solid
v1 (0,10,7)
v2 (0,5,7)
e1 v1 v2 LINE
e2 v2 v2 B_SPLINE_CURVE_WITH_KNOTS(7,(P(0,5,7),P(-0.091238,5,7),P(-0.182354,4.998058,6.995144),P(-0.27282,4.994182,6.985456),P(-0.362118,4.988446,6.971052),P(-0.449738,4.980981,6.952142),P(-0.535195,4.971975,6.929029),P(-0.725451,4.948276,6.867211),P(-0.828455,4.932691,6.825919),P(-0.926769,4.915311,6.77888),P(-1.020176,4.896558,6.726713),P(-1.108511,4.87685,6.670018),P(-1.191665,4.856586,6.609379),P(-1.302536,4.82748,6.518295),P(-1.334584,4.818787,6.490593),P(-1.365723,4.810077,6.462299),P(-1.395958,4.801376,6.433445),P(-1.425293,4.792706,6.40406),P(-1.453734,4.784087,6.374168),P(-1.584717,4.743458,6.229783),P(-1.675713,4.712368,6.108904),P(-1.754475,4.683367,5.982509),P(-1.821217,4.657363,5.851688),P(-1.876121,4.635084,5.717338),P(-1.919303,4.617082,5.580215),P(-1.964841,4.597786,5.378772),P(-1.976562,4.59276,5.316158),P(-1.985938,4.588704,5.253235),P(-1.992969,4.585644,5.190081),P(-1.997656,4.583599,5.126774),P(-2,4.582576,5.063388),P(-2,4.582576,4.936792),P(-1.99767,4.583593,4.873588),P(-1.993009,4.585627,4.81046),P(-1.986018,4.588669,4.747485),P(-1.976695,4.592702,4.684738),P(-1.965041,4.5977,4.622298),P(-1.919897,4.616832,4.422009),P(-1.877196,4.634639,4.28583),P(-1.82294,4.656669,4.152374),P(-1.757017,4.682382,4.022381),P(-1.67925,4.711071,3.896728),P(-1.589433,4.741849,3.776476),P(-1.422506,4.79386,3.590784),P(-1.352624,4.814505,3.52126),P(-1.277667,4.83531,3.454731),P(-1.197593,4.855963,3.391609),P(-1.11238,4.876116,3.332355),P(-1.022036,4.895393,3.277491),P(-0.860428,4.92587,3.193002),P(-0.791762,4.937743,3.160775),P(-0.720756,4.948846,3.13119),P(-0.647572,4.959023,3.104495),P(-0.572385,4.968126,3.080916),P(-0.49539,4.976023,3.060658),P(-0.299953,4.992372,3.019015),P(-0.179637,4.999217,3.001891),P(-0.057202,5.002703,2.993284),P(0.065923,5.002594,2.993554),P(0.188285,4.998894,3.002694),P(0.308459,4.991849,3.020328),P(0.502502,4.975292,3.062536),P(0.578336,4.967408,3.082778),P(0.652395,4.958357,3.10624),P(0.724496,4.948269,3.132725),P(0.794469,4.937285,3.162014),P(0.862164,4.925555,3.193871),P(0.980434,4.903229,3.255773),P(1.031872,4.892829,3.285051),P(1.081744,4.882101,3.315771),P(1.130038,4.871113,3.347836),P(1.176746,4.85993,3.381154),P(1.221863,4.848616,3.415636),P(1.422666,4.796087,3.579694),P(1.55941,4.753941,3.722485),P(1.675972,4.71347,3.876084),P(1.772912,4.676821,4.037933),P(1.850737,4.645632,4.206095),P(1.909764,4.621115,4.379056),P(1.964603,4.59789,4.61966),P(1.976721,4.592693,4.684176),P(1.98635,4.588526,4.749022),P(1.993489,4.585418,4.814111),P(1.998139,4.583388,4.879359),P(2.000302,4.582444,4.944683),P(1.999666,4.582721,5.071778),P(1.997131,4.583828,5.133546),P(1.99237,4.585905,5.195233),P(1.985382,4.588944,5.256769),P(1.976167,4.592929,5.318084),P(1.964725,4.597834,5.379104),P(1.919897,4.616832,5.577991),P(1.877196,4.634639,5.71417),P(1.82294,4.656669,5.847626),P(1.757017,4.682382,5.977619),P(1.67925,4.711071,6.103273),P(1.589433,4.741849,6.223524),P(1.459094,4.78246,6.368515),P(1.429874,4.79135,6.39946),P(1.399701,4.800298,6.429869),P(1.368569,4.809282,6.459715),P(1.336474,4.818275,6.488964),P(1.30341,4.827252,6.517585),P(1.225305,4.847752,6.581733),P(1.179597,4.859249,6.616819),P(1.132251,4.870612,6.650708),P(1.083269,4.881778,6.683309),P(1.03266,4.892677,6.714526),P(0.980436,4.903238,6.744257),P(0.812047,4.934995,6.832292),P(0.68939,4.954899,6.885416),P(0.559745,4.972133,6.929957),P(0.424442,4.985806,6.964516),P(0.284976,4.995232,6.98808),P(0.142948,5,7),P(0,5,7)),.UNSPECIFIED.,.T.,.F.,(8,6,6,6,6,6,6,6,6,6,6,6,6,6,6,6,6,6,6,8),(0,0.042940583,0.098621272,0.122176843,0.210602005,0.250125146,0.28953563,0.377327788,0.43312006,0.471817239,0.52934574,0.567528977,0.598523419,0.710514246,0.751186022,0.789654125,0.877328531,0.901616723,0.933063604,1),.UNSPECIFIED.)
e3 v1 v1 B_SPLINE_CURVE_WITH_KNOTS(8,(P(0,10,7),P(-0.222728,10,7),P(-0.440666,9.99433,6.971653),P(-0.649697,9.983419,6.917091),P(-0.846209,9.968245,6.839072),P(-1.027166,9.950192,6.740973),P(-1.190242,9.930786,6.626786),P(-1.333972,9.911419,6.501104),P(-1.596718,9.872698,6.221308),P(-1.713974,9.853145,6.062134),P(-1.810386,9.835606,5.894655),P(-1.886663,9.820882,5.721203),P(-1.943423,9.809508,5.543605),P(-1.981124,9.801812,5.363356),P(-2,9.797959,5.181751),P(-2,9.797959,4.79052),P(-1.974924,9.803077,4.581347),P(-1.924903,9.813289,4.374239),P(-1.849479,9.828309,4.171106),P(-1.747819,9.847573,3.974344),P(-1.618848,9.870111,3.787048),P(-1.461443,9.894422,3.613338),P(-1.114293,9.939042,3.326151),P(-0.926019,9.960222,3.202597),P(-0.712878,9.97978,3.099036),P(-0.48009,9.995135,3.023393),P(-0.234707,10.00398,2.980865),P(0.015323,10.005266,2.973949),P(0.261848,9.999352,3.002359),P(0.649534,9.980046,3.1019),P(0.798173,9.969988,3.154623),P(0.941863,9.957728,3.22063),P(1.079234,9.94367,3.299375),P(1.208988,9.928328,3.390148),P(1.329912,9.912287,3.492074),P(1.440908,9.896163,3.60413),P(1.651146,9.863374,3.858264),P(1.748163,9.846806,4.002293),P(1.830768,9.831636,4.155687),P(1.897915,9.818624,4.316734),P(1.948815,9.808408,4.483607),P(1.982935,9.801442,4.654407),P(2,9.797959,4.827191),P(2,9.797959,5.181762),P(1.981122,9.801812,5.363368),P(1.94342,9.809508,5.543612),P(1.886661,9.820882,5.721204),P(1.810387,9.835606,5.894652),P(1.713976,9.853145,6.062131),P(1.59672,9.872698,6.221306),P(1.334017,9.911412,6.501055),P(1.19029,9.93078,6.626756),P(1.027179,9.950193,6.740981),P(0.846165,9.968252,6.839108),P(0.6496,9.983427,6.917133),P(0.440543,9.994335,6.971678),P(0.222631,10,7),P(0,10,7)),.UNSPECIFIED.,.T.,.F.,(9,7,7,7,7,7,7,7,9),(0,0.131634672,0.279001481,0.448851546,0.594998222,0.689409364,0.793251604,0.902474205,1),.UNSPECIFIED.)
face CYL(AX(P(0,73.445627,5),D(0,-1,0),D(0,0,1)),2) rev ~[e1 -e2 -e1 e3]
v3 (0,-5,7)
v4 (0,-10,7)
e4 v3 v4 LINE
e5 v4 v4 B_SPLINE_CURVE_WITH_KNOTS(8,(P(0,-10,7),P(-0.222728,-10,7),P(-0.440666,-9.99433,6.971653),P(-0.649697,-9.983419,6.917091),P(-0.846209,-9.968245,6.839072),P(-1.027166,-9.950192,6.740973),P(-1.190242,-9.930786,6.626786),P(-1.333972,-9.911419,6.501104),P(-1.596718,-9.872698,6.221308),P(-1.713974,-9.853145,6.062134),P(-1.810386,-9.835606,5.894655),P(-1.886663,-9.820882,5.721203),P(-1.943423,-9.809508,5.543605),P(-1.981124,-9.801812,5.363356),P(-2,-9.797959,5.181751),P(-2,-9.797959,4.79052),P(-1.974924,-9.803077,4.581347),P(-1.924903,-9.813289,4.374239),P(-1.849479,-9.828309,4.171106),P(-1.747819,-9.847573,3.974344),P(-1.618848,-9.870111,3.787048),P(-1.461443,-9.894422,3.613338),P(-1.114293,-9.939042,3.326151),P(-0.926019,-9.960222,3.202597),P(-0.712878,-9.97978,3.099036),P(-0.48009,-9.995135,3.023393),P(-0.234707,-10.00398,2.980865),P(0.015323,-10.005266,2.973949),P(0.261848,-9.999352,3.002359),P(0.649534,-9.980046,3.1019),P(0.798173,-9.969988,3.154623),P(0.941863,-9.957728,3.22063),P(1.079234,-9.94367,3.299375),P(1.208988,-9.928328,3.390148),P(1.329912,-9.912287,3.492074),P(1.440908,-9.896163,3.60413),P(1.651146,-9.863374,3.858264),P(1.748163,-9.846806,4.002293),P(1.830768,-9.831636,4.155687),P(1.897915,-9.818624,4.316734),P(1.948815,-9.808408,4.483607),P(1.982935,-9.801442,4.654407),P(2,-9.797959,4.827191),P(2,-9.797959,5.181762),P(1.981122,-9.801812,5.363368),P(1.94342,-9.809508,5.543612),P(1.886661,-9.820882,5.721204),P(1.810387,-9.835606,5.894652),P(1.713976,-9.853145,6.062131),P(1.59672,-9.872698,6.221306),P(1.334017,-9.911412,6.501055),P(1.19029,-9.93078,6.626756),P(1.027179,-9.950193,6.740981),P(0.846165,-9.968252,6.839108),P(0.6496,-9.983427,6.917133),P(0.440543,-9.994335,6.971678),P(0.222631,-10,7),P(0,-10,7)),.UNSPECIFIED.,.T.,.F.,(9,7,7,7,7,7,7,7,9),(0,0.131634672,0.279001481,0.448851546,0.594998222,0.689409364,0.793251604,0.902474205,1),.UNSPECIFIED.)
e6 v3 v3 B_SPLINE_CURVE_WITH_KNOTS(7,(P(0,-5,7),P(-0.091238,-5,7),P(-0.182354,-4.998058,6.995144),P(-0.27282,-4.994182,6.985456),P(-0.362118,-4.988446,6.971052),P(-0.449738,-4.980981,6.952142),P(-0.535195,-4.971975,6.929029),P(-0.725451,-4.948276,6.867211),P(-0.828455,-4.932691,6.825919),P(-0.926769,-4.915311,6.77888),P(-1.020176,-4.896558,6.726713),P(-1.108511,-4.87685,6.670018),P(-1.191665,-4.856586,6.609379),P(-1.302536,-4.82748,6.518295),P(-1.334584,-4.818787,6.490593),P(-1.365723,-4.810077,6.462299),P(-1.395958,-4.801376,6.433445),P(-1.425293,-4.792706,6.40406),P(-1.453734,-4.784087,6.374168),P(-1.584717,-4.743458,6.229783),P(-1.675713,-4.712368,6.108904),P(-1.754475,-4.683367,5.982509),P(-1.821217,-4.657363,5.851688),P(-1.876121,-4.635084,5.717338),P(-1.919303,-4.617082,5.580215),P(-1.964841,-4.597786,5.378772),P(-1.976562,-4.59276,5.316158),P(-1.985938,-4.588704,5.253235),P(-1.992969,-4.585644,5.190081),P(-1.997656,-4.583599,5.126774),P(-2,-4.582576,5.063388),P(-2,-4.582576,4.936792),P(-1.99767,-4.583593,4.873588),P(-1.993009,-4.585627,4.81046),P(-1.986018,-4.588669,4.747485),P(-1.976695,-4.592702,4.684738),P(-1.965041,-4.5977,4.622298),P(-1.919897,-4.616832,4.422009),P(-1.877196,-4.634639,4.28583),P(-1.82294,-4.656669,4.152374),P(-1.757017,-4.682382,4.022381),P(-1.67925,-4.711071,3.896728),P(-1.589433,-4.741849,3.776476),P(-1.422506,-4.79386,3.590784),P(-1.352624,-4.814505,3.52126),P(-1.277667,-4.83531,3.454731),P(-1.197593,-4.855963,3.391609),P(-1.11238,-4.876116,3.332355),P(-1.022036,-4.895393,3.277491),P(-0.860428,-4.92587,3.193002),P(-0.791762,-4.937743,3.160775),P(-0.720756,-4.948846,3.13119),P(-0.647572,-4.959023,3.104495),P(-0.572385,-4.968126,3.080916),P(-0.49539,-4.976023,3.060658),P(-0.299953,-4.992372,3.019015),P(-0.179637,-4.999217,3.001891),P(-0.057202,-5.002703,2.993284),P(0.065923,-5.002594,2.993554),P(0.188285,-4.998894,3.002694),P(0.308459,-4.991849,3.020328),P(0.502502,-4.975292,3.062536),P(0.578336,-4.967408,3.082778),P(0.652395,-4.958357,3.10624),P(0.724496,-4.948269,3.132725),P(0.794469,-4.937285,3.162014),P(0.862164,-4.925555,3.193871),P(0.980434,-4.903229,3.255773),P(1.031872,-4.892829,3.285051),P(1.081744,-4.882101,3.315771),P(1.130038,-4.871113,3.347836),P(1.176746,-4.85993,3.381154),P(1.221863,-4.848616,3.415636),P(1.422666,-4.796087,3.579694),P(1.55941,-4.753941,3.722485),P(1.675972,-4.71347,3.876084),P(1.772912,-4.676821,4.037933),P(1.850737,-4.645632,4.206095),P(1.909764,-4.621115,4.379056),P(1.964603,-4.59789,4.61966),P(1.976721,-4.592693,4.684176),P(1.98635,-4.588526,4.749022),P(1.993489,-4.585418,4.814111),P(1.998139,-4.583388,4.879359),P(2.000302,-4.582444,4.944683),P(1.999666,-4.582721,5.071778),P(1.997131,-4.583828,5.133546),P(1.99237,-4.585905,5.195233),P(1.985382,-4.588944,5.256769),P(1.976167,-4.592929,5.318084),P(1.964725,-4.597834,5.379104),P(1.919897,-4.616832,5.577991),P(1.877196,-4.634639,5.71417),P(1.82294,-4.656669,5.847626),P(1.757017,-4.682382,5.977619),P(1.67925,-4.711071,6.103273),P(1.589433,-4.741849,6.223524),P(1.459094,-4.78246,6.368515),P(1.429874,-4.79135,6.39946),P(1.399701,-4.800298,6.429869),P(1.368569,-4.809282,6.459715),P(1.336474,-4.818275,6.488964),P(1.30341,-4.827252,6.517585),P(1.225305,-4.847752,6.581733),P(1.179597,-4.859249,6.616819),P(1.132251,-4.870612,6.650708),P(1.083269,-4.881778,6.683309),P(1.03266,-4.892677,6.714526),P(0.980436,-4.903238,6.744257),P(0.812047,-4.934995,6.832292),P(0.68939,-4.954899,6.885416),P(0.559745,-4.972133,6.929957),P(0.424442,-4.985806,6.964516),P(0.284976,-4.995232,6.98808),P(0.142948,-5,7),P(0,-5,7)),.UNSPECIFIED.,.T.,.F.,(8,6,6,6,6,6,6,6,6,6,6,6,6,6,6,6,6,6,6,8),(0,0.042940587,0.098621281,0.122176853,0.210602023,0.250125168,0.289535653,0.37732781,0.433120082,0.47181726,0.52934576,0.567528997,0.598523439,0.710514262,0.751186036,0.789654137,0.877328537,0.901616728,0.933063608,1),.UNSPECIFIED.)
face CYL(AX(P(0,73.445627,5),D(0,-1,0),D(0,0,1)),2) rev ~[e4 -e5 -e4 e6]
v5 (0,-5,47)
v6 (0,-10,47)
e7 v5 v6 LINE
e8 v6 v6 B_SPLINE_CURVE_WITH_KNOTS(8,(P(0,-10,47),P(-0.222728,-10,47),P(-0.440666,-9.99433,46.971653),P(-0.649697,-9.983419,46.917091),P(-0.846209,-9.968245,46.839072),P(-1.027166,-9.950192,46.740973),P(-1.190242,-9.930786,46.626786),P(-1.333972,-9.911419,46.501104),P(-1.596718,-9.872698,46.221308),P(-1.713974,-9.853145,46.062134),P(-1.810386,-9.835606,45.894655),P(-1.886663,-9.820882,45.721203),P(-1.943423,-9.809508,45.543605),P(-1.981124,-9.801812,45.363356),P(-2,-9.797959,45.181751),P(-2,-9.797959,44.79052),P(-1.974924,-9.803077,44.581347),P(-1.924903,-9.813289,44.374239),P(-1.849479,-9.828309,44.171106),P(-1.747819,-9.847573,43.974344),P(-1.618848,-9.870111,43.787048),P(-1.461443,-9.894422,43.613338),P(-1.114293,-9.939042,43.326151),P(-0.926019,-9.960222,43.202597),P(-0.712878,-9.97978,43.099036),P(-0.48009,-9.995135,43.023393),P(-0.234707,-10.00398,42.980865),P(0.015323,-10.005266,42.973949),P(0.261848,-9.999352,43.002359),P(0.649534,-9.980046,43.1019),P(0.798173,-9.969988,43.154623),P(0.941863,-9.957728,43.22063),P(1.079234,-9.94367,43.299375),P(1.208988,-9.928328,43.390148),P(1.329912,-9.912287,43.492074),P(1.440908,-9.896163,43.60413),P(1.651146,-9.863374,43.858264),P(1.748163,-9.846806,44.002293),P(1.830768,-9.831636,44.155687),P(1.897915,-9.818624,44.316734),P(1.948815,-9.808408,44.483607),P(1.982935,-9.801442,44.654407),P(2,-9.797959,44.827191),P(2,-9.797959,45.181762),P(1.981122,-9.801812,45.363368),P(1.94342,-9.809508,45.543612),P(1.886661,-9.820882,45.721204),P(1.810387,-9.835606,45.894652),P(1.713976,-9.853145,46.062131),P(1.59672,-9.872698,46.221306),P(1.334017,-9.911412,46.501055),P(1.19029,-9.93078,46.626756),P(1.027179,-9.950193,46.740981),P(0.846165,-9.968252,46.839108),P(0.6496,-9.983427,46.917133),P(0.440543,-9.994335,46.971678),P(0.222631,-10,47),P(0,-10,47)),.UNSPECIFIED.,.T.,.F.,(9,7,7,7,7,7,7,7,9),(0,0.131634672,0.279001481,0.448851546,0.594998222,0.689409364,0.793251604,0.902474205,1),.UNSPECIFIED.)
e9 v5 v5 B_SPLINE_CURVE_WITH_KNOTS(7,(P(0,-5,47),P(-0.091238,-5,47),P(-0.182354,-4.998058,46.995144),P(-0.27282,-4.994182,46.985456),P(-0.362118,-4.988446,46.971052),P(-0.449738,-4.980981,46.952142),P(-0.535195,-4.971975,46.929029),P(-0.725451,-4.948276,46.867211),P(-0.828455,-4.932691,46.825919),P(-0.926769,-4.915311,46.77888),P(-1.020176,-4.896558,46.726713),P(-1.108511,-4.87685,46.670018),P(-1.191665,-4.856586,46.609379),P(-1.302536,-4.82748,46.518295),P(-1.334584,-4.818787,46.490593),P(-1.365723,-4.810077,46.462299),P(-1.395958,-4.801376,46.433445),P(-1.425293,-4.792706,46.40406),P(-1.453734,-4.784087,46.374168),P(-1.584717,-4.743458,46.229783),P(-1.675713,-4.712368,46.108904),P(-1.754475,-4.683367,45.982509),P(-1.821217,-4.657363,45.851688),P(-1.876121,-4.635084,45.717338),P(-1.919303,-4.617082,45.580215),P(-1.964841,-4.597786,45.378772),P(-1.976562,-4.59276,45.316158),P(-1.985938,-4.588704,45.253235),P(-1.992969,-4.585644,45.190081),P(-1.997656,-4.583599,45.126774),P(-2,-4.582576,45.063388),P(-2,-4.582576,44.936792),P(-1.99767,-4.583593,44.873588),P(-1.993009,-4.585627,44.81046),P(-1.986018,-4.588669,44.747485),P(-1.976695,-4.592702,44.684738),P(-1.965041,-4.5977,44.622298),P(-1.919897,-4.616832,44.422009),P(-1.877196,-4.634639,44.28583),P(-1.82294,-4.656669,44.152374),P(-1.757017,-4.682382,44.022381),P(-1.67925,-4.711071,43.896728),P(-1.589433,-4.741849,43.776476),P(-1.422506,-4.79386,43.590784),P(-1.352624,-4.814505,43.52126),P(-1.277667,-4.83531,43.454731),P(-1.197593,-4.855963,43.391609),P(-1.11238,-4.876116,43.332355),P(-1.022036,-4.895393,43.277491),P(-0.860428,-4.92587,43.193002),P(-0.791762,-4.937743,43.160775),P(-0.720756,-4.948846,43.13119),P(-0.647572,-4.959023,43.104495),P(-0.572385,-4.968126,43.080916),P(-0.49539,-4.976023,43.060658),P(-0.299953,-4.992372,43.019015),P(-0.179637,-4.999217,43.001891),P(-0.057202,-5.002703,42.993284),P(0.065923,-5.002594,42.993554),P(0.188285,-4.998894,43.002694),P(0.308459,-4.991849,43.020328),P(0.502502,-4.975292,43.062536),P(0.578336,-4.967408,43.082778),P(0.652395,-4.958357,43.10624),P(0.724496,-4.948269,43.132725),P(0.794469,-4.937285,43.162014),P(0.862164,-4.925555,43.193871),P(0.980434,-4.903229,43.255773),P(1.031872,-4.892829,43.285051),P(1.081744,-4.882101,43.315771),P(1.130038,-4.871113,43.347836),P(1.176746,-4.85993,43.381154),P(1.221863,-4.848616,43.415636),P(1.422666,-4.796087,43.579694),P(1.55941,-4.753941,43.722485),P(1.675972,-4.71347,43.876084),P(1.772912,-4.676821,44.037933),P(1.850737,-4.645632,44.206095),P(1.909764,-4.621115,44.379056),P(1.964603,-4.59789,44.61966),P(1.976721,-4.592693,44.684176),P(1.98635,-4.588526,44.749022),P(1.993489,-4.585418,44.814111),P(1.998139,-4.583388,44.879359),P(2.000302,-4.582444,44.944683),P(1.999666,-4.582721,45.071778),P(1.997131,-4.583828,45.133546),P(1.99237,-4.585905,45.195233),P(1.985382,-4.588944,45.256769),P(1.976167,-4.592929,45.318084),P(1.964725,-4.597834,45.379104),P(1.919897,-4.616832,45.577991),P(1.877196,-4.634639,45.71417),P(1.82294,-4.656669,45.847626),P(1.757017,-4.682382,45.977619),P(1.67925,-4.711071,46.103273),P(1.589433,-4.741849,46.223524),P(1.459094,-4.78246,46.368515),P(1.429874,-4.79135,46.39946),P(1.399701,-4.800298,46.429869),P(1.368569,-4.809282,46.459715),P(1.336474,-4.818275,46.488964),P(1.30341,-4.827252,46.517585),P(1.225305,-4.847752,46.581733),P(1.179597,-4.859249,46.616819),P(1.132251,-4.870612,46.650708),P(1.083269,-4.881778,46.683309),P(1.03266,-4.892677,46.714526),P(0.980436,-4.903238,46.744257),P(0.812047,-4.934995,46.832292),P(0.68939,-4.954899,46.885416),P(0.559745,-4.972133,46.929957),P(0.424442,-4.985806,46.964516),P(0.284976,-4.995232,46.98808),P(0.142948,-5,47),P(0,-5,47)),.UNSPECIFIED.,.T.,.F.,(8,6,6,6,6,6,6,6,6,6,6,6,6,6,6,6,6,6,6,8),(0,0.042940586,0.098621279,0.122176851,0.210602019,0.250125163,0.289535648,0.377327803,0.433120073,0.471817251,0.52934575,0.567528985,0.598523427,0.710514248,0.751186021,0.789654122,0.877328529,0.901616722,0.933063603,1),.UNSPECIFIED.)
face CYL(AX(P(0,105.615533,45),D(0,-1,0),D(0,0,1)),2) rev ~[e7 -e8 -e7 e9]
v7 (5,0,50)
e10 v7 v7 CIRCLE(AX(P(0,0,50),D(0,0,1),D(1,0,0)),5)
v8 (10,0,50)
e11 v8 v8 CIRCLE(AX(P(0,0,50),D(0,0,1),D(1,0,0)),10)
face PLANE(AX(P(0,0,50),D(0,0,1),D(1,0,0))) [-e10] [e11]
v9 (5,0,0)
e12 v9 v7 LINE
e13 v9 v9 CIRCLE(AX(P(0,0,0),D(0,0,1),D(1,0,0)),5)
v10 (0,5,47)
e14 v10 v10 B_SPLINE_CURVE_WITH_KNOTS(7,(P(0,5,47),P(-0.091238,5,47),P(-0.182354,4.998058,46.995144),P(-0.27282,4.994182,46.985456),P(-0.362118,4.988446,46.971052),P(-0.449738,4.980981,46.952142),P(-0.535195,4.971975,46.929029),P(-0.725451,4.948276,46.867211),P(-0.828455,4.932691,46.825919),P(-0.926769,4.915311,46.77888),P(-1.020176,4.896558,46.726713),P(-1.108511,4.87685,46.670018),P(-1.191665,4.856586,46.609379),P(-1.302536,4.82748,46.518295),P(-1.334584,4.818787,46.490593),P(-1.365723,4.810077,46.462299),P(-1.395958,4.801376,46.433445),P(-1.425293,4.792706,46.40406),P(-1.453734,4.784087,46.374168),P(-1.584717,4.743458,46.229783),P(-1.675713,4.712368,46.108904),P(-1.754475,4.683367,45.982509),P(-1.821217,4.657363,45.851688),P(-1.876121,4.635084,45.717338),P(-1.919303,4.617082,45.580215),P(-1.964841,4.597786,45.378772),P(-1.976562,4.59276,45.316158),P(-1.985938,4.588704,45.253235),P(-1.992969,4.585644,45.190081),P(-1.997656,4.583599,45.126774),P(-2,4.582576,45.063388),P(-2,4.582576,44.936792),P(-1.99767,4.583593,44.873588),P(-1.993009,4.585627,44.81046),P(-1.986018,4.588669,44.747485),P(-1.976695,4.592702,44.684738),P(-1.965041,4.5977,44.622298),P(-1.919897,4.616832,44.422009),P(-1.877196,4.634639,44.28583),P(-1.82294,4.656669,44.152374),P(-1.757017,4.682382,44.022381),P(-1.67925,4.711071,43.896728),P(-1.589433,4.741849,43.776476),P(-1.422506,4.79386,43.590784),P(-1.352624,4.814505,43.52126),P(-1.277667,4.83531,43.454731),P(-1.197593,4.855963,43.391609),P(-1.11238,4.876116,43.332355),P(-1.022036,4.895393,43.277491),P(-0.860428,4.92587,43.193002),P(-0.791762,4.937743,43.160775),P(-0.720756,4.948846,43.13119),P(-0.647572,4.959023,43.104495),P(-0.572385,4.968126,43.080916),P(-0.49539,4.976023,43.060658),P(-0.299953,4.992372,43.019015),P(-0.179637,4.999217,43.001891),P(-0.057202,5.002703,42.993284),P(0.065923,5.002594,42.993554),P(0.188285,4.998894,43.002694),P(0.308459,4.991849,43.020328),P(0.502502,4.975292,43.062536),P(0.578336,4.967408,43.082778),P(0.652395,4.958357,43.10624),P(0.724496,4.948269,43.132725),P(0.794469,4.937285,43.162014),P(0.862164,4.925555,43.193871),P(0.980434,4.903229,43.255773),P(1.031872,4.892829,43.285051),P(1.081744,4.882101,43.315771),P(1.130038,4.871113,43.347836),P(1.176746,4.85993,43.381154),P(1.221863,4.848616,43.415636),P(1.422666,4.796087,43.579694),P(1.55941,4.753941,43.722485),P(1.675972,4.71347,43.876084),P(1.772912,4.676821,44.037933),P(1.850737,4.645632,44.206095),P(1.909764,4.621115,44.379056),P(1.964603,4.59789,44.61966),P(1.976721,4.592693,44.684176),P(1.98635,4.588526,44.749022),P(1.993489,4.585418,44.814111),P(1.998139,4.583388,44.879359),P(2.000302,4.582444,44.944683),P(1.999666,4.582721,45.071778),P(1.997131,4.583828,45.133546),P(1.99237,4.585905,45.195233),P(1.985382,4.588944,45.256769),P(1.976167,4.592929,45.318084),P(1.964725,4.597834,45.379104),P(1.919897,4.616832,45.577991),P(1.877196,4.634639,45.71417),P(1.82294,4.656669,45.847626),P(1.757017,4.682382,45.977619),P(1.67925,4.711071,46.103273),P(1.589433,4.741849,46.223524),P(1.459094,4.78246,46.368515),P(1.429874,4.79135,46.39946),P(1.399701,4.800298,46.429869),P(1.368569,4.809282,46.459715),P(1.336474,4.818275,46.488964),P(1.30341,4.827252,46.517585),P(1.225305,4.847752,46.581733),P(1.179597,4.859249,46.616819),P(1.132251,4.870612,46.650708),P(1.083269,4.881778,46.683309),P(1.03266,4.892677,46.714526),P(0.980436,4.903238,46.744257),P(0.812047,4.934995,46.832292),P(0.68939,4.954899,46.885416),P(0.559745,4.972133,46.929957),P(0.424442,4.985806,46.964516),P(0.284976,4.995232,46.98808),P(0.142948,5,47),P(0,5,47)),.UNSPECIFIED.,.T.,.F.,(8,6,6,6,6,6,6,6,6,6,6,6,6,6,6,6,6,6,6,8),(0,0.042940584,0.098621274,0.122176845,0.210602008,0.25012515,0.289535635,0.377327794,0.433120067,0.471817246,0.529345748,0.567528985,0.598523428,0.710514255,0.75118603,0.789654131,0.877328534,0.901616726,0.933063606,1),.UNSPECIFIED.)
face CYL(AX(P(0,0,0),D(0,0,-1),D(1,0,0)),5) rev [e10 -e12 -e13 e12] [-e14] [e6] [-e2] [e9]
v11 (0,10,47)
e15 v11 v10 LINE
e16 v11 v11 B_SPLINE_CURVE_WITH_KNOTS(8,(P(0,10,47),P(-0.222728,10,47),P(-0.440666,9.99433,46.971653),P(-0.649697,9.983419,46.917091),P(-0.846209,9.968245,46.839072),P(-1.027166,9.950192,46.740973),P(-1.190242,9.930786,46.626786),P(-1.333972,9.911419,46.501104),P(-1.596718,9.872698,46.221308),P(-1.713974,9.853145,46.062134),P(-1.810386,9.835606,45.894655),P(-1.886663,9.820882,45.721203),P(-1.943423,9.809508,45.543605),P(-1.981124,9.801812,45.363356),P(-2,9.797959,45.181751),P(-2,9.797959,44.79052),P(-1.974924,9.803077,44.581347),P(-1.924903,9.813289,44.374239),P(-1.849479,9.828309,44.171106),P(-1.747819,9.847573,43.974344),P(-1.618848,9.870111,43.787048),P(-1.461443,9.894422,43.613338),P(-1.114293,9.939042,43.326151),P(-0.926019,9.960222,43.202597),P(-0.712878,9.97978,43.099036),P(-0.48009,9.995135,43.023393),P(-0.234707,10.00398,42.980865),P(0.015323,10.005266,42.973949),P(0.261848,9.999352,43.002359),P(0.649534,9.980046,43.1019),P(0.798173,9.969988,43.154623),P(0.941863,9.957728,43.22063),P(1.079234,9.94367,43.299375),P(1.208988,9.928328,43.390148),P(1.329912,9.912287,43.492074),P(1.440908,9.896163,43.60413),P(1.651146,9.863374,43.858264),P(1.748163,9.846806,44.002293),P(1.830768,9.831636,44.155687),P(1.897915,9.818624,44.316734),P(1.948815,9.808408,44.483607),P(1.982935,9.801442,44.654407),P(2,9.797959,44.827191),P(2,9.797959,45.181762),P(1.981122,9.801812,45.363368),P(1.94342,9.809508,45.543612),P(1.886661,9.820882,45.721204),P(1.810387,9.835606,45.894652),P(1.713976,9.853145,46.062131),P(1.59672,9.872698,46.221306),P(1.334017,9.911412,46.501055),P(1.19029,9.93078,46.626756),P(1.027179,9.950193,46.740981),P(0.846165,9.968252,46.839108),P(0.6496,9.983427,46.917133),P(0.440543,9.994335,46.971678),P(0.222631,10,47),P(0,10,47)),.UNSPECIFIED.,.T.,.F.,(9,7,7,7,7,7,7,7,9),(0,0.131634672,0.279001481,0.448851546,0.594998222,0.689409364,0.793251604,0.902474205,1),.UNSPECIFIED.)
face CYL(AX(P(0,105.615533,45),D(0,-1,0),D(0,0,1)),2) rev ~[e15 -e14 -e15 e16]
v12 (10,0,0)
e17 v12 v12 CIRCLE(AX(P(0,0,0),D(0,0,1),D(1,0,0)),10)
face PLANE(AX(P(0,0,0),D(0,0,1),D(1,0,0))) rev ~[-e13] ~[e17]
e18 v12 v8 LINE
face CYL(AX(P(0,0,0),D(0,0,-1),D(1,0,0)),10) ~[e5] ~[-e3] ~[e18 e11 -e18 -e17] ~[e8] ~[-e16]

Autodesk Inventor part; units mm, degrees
ref_plane "YZ Plane" through (0, 0, 0) normal (1, 0, 0) x (0, 1, 0)
ref_plane "XZ Plane" through (0, 0, 0) normal (0, 1, 0) x (-1, 0, 0)
ref_plane "XY Plane" through (0, 0, 0) normal (0, 0, 1) x (1, 0, 0)
sketch "Esquisse1" plane through (0, 0, 0) normal (0, 0, 1) x (1, 0, 0)
  circle A0 centre (0, 0) radius 10
  circle A1 centre (0, 0) radius 5
  dimension "d0" = 20
  dimension "d1" = 10
extrude "Extrusion1" add sketch "Esquisse1" along normal blind 50
sketch "Esquisse2" plane through (0, 0, 0) normal (0, 1, 0) x (-1, 0, 0)
  line L0 (0, 0) -> (0, 5)
  line L1 (10, 50) -> (-10, 50) projected
  line L2 (0, 50) -> (0, 45)
  dimension "d4" = 5
  dimension "d5" = 5
hole "Perçage1" at (0, 0, 5) at (0, 0, 45) direction (0, -1, 0) diameter 4 end through all both
properties part number "tube vers bogie"
